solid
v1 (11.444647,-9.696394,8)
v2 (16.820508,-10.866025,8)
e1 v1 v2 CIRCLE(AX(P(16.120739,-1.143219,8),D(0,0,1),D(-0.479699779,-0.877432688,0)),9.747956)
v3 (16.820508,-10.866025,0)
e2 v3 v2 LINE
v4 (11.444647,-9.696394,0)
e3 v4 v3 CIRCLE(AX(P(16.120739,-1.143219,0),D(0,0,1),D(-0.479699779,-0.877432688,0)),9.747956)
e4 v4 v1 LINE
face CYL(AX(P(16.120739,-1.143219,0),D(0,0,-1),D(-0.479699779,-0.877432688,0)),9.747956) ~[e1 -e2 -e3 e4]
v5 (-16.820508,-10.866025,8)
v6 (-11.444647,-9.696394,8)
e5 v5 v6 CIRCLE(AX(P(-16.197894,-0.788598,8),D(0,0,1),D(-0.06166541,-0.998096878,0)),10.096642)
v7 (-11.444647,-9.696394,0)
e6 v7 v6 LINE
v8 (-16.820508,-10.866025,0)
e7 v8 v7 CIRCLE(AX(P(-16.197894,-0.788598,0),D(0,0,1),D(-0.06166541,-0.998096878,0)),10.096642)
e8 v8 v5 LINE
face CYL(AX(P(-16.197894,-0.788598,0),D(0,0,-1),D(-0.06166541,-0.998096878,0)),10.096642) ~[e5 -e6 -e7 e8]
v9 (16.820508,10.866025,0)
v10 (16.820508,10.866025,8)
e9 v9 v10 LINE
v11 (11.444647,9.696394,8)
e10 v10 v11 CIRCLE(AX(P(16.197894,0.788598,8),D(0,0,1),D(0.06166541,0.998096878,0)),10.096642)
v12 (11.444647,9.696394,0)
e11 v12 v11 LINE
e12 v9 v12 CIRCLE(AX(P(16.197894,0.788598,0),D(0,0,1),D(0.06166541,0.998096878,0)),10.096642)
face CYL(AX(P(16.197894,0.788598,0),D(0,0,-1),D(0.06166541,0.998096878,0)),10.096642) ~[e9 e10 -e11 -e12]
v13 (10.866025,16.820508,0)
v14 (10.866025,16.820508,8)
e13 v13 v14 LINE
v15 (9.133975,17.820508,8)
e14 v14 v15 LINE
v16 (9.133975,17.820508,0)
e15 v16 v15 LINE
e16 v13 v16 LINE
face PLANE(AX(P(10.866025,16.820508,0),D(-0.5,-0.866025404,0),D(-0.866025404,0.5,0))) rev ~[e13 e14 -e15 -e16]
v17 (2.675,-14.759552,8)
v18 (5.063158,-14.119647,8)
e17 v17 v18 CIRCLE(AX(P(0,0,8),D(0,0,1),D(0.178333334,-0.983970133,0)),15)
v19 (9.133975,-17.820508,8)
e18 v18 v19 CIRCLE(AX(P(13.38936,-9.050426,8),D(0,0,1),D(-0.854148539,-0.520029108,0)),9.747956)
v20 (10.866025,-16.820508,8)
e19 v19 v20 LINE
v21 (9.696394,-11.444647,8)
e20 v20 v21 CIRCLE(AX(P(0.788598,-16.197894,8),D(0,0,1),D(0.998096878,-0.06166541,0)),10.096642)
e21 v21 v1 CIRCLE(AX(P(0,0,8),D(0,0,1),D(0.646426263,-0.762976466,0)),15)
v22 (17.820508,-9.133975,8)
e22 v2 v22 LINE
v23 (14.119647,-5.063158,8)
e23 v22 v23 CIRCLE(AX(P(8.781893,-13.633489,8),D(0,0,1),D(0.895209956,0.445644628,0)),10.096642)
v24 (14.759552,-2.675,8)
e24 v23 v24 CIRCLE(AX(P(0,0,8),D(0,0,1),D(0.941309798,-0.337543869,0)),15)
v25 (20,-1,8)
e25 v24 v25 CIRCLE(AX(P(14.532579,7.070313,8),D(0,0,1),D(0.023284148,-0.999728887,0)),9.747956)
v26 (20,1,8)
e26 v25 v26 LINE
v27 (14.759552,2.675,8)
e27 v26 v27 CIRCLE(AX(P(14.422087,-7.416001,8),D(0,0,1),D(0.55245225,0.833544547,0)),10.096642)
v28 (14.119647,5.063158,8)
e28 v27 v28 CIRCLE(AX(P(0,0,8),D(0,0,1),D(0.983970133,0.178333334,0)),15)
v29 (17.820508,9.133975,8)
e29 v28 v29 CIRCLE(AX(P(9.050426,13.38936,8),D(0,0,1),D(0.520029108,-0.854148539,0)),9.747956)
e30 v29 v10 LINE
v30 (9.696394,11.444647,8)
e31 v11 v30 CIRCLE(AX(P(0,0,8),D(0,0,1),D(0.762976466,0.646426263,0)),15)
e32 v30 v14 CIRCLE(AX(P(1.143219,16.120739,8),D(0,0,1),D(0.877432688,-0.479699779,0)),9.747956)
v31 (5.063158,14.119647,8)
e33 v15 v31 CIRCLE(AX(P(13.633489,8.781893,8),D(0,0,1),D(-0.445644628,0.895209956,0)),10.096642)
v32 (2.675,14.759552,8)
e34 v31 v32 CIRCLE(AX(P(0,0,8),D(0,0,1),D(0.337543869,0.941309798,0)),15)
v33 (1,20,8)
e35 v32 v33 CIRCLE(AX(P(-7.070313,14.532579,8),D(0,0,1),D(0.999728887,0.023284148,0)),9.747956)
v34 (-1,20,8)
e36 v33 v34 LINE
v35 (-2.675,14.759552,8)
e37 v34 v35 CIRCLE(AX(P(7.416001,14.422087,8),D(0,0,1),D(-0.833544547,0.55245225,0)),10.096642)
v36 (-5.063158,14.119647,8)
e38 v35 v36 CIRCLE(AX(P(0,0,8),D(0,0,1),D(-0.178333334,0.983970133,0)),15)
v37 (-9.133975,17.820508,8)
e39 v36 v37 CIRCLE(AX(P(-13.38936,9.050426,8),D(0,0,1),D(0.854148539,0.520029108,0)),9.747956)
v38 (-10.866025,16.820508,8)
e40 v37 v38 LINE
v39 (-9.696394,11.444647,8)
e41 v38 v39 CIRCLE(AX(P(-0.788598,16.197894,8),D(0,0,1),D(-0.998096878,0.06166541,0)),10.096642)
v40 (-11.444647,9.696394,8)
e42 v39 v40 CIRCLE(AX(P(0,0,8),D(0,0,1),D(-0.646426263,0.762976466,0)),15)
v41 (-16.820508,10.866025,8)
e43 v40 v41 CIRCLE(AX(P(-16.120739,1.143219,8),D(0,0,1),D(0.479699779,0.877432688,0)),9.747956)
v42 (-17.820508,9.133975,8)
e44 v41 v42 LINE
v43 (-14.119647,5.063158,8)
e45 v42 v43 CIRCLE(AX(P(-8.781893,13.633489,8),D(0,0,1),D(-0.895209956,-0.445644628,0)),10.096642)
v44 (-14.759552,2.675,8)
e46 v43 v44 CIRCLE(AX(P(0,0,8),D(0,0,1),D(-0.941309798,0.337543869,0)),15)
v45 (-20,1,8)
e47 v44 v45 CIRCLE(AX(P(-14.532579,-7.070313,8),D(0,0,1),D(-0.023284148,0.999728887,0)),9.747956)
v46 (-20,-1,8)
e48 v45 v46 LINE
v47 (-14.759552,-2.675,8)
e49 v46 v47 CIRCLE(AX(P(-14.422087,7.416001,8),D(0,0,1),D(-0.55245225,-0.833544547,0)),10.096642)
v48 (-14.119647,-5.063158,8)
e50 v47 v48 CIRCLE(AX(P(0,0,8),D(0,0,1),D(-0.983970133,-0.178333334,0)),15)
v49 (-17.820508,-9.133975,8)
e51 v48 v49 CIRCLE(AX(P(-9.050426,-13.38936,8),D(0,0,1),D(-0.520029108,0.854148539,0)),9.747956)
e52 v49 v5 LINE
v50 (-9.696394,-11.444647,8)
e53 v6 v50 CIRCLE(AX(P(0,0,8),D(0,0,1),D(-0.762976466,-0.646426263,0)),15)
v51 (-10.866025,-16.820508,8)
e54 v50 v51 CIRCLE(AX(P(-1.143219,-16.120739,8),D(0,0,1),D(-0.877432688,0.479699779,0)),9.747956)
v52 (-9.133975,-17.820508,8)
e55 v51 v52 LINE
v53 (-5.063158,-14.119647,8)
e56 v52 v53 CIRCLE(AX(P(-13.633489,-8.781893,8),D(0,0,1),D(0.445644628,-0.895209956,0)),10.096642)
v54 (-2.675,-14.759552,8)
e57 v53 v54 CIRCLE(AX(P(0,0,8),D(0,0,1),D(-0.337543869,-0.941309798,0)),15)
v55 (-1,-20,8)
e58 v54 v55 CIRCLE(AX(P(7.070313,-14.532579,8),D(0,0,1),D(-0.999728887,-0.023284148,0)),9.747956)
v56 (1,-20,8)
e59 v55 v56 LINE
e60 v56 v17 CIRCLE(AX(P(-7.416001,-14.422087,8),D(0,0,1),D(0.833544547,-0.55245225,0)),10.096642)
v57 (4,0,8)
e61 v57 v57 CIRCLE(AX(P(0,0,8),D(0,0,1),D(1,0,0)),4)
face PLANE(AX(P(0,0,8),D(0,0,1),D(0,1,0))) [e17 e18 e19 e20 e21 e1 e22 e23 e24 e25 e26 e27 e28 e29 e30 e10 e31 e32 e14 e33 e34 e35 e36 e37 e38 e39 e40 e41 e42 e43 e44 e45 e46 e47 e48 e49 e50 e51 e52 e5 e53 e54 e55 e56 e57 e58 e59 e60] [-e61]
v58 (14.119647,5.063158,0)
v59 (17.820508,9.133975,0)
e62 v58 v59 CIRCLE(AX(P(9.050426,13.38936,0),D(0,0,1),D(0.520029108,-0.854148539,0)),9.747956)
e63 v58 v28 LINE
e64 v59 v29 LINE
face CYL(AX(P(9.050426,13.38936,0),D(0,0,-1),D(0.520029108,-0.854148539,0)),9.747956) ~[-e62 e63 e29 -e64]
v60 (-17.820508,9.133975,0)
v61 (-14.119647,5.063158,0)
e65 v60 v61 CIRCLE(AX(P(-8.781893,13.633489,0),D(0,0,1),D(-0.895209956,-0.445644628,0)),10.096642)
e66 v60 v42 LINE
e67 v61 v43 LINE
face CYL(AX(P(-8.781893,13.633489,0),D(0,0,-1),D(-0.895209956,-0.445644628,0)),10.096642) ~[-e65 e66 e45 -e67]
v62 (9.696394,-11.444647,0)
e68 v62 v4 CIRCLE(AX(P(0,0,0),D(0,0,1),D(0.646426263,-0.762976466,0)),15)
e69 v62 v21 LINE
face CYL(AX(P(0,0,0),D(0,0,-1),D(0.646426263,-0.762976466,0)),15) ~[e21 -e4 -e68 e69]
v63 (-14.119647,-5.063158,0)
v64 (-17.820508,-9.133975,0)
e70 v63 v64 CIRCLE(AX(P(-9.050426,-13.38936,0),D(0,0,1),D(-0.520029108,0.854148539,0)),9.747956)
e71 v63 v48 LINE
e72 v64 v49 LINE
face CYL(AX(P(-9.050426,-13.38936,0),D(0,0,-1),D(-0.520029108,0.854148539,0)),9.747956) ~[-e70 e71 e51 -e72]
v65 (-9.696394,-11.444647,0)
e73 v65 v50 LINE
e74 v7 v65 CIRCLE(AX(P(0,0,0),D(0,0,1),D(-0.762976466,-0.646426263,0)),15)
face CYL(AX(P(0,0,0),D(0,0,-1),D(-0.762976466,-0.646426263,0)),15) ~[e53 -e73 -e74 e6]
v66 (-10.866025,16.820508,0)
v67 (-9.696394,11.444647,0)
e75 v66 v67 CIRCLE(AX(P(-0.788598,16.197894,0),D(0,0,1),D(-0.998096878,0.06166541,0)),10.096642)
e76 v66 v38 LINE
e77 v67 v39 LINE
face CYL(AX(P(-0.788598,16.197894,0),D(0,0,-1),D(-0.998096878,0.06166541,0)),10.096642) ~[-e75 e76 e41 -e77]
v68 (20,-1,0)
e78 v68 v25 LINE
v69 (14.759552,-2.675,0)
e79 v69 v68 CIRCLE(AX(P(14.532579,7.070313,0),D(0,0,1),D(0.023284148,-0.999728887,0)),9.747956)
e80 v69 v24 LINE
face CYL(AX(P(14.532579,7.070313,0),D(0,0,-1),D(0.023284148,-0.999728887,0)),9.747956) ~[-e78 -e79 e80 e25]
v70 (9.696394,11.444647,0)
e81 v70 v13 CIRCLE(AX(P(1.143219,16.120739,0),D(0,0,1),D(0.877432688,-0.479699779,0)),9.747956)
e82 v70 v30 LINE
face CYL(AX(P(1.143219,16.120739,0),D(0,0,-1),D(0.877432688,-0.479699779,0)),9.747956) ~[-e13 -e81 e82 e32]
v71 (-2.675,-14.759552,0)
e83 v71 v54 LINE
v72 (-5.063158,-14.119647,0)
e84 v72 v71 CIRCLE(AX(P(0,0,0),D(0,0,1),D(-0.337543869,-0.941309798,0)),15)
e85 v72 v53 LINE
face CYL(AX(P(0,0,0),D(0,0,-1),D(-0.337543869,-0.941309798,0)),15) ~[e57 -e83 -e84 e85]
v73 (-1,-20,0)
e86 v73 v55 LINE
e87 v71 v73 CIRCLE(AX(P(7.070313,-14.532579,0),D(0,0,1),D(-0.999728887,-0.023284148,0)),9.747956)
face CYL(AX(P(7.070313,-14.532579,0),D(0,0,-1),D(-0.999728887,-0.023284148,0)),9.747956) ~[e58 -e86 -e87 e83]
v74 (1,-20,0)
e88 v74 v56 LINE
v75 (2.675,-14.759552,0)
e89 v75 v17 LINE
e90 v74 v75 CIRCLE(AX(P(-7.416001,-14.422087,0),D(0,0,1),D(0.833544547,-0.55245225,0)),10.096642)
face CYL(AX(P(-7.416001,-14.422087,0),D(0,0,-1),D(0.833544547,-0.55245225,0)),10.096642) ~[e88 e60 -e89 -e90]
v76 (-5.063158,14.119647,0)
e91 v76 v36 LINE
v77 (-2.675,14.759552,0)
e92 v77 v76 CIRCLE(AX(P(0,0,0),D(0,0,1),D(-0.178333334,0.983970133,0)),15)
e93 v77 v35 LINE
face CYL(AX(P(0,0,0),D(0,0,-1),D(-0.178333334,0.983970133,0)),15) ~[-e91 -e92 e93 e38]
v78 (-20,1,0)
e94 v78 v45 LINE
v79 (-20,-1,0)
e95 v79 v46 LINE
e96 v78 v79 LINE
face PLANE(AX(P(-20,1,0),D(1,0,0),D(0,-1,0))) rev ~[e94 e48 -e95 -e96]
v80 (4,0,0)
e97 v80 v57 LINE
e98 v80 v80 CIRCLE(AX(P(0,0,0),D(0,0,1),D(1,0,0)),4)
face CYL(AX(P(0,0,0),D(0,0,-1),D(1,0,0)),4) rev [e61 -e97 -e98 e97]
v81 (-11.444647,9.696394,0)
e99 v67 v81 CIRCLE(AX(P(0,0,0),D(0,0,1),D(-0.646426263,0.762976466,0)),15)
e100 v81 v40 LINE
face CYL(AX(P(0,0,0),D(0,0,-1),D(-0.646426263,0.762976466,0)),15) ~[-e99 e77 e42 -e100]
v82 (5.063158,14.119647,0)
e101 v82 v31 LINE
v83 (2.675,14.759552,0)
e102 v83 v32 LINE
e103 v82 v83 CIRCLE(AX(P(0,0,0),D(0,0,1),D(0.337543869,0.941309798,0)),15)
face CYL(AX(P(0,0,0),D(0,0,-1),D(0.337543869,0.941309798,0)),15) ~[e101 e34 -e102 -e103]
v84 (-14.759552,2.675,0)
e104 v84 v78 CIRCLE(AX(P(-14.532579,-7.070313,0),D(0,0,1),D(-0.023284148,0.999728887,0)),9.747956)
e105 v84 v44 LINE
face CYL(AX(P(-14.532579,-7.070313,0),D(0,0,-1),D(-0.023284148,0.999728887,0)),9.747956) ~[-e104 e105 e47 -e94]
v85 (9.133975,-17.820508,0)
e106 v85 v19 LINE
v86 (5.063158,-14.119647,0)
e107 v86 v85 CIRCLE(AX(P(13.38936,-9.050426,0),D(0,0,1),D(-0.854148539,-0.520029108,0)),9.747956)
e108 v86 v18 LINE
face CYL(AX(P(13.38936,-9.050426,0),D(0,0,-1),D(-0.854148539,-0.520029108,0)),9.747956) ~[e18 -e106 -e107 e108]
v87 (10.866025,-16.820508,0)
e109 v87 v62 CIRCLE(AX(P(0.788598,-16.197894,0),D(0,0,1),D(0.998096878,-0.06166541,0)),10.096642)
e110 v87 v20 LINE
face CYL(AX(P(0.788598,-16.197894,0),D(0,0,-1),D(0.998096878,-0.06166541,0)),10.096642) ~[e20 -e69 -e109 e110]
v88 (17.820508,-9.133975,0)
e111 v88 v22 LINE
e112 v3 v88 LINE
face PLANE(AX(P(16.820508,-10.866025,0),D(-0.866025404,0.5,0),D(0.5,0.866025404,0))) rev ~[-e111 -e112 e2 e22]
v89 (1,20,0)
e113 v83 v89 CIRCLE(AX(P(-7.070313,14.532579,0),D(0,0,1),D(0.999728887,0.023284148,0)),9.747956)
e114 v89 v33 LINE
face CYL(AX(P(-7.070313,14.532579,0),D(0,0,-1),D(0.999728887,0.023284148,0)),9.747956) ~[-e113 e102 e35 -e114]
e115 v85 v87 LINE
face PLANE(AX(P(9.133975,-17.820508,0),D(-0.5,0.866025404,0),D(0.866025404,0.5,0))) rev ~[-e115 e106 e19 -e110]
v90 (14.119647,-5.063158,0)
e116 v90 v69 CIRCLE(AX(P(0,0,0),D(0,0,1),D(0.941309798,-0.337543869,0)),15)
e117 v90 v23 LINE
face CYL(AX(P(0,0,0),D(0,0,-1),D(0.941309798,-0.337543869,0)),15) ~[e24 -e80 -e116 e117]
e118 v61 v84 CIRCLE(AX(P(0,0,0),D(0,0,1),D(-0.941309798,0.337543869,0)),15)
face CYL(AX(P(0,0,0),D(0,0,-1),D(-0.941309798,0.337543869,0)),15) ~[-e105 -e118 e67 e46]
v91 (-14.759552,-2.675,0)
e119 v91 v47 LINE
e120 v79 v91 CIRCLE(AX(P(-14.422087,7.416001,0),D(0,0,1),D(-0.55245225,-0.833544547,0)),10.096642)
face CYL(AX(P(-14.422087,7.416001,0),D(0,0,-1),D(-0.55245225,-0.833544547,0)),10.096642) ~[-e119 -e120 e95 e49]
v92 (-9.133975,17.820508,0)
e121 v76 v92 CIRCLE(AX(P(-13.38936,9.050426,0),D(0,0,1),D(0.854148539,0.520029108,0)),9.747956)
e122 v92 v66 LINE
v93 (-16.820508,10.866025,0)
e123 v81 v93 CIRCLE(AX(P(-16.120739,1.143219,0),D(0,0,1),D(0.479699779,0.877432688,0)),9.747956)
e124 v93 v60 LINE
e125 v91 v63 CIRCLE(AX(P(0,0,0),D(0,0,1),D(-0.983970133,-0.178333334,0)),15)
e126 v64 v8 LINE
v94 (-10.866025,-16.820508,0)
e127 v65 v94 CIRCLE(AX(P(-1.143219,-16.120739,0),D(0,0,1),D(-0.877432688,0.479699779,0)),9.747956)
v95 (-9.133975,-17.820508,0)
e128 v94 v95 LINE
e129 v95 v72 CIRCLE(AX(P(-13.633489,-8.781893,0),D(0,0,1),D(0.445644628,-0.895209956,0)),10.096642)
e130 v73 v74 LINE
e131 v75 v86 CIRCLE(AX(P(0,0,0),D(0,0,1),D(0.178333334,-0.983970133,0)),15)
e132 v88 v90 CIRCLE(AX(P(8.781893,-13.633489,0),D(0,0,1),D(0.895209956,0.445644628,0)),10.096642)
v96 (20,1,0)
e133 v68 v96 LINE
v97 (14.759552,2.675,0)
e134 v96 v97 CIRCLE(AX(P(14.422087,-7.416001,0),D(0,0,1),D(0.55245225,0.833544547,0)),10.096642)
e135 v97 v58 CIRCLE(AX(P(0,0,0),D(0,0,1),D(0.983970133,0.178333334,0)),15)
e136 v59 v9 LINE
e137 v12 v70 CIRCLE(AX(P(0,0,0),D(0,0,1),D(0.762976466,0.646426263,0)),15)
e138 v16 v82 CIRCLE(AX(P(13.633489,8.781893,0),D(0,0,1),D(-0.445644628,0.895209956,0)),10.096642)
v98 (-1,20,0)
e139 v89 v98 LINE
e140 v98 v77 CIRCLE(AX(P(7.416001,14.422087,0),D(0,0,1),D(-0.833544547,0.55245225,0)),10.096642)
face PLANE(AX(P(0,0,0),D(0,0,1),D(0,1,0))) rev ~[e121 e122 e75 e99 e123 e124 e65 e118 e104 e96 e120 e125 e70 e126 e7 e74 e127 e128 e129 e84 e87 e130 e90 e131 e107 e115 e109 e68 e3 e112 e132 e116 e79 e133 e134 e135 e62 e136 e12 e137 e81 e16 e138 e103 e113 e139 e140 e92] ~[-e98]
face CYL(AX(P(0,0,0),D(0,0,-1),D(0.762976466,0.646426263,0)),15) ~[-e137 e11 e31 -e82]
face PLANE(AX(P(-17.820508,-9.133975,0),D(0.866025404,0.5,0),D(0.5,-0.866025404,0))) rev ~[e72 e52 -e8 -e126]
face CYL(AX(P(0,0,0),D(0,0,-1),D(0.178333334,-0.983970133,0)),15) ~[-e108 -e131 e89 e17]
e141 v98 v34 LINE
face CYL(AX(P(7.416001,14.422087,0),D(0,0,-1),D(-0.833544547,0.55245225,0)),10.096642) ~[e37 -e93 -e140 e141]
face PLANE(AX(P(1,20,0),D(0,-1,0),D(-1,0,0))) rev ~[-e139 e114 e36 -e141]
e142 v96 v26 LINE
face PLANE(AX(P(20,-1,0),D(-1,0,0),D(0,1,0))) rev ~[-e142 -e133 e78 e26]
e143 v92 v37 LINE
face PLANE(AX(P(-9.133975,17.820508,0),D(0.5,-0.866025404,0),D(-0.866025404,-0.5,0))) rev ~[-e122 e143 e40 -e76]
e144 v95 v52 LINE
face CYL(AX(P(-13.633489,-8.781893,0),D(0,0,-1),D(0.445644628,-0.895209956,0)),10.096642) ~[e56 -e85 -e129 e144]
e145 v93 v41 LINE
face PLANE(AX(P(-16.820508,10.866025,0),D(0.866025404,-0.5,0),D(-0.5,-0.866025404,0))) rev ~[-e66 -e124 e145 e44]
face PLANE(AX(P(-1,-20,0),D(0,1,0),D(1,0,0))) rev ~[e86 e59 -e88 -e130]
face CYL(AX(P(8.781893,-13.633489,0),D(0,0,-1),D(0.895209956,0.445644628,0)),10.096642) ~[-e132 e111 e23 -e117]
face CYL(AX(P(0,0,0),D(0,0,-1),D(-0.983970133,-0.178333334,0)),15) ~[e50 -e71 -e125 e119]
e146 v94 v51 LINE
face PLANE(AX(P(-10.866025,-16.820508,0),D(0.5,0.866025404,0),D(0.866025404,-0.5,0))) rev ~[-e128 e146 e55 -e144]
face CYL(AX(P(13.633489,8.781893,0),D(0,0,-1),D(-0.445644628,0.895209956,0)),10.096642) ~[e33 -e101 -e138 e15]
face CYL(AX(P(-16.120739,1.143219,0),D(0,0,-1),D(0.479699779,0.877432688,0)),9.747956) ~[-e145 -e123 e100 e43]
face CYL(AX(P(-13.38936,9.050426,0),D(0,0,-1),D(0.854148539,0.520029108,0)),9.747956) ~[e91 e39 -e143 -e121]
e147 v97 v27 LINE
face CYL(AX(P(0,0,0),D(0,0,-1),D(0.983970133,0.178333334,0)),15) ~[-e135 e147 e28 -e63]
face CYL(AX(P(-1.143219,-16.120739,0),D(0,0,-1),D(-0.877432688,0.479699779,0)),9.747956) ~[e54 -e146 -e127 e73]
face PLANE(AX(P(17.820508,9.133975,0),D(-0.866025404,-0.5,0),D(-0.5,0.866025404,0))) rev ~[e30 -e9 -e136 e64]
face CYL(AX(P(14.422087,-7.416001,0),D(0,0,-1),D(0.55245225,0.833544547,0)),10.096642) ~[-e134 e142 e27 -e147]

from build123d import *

# Parameters (mm, degrees)
SKETCH1_R           = 4
BOSS_EXTRUDE1_DEPTH = 8


with BuildPart() as part:
    # Sketch1 → Boss-Extrude1 (new body)
    with BuildSketch(Plane(origin=(0, 0, 0), x_dir=(0, 1, 0), z_dir=(0, 0, 1))):
        with BuildLine():
            ThreePointArc((16.820508076, 10.866025404), (14.05137554, 10.65443031), (11.444646973, 9.696393951))
            ThreePointArc((11.444646973, 9.696393951), (10.606601718, 10.606601718), (9.696393951, 11.444646973))
            ThreePointArc((9.696393951, 11.444646973), (10.668335485, 14.048350177), (10.866025404, 16.820508076))
            Line((10.866025404, 16.820508076), (9.133974596, 17.820508076))
            ThreePointArc((9.133974596, 17.820508076), (6.841633021, 16.252695081), (5.063158041, 14.119646973))
            ThreePointArc((5.063158041, 14.119646973), (3.882285677, 14.488887394), (2.675, 14.759551992))
            ThreePointArc((2.675, 14.759551992), (2.214874458, 17.500395877), (1, 20))
            Line((1, 20), (-1, 20))
            ThreePointArc((-1, 20), (-2.201319541, 17.496063331), (-2.675, 14.759551992))
            ThreePointArc((-2.675, 14.759551992), (-3.882285677, 14.488887394), (-5.063158041, 14.119646973))
            ThreePointArc((-5.063158041, 14.119646973), (-6.832060392, 16.263224635), (-9.133974596, 17.820508076))
            Line((-9.133974596, 17.820508076), (-10.866025404, 16.820508076))
            ThreePointArc((-10.866025404, 16.820508076), (-10.65443031, 14.05137554), (-9.696393951, 11.444646973))
            ThreePointArc((-9.696393951, 11.444646973), (-10.606601718, 10.606601718), (-11.444646973, 9.696393951))
            ThreePointArc((-11.444646973, 9.696393951), (-14.048350177, 10.668335485), (-16.820508076, 10.866025404))
            Line((-16.820508076, 10.866025404), (-17.820508076, 9.133974596))
            ThreePointArc((-17.820508076, 9.133974596), (-16.252695081, 6.841633021), (-14.119646973, 5.063158041))
            ThreePointArc((-14.119646973, 5.063158041), (-14.488887394, 3.882285677), (-14.759551992, 2.675))
            ThreePointArc((-14.759551992, 2.675), (-17.500395877, 2.214874458), (-20, 1))
            Line((-20, 1), (-20, -1))
            ThreePointArc((-20, -1), (-17.496063331, -2.201319541), (-14.759551992, -2.675))
            ThreePointArc((-14.759551992, -2.675), (-14.488887394, -3.882285677), (-14.119646973, -5.063158041))
            ThreePointArc((-14.119646973, -5.063158041), (-16.263224635, -6.832060392), (-17.820508076, -9.133974596))
            Line((-17.820508076, -9.133974596), (-16.820508076, -10.866025404))
            ThreePointArc((-16.820508076, -10.866025404), (-14.05137554, -10.65443031), (-11.444646973, -9.696393951))
            ThreePointArc((-11.444646973, -9.696393951), (-10.606601718, -10.606601718), (-9.696393951, -11.444646973))
            ThreePointArc((-9.696393951, -11.444646973), (-10.668335485, -14.048350177), (-10.866025404, -16.820508076))
            Line((-10.866025404, -16.820508076), (-9.133974596, -17.820508076))
            ThreePointArc((-9.133974596, -17.820508076), (-6.841633021, -16.252695081), (-5.063158041, -14.119646973))
            ThreePointArc((-5.063158041, -14.119646973), (-3.882285677, -14.488887394), (-2.675, -14.759551992))
            ThreePointArc((-2.675, -14.759551992), (-2.214874458, -17.500395877), (-1, -20))
            Line((-1, -20), (1, -20))
            ThreePointArc((1, -20), (2.201319541, -17.496063331), (2.675, -14.759551992))
            ThreePointArc((2.675, -14.759551992), (3.882285677, -14.488887394), (5.063158041, -14.119646973))
            ThreePointArc((5.063158041, -14.119646973), (6.832060392, -16.263224635), (9.133974596, -17.820508076))
            Line((9.133974596, -17.820508076), (10.866025404, -16.820508076))
            ThreePointArc((10.866025404, -16.820508076), (10.65443031, -14.05137554), (9.696393951, -11.444646973))
            ThreePointArc((9.696393951, -11.444646973), (10.606601718, -10.606601718), (11.444646973, -9.696393951))
            ThreePointArc((11.444646973, -9.696393951), (14.048350177, -10.668335485), (16.820508076, -10.866025404))
            Line((16.820508076, -10.866025404), (17.820508076, -9.133974596))
            ThreePointArc((17.820508076, -9.133974596), (16.252695081, -6.841633021), (14.119646973, -5.063158041))
            ThreePointArc((14.119646973, -5.063158041), (14.488887394, -3.882285677), (14.759551992, -2.675))
            ThreePointArc((14.759551992, -2.675), (17.500395877, -2.214874458), (20, -1))
            Line((20, -1), (20, 1))
            ThreePointArc((20, 1), (17.496063331, 2.201319541), (14.759551992, 2.675))
            ThreePointArc((14.759551992, 2.675), (14.488887394, 3.882285677), (14.119646973, 5.063158041))
            ThreePointArc((14.119646973, 5.063158041), (16.263224635, 6.832060392), (17.820508076, 9.133974596))
            Line((17.820508076, 9.133974596), (16.820508076, 10.866025404))
        make_face()
        with Locations(Location((0, 0, 0), (0, 0, 270))):
            Circle(SKETCH1_R, mode=Mode.SUBTRACT)
    extrude(amount=BOSS_EXTRUDE1_DEPTH)


solid = part.part
